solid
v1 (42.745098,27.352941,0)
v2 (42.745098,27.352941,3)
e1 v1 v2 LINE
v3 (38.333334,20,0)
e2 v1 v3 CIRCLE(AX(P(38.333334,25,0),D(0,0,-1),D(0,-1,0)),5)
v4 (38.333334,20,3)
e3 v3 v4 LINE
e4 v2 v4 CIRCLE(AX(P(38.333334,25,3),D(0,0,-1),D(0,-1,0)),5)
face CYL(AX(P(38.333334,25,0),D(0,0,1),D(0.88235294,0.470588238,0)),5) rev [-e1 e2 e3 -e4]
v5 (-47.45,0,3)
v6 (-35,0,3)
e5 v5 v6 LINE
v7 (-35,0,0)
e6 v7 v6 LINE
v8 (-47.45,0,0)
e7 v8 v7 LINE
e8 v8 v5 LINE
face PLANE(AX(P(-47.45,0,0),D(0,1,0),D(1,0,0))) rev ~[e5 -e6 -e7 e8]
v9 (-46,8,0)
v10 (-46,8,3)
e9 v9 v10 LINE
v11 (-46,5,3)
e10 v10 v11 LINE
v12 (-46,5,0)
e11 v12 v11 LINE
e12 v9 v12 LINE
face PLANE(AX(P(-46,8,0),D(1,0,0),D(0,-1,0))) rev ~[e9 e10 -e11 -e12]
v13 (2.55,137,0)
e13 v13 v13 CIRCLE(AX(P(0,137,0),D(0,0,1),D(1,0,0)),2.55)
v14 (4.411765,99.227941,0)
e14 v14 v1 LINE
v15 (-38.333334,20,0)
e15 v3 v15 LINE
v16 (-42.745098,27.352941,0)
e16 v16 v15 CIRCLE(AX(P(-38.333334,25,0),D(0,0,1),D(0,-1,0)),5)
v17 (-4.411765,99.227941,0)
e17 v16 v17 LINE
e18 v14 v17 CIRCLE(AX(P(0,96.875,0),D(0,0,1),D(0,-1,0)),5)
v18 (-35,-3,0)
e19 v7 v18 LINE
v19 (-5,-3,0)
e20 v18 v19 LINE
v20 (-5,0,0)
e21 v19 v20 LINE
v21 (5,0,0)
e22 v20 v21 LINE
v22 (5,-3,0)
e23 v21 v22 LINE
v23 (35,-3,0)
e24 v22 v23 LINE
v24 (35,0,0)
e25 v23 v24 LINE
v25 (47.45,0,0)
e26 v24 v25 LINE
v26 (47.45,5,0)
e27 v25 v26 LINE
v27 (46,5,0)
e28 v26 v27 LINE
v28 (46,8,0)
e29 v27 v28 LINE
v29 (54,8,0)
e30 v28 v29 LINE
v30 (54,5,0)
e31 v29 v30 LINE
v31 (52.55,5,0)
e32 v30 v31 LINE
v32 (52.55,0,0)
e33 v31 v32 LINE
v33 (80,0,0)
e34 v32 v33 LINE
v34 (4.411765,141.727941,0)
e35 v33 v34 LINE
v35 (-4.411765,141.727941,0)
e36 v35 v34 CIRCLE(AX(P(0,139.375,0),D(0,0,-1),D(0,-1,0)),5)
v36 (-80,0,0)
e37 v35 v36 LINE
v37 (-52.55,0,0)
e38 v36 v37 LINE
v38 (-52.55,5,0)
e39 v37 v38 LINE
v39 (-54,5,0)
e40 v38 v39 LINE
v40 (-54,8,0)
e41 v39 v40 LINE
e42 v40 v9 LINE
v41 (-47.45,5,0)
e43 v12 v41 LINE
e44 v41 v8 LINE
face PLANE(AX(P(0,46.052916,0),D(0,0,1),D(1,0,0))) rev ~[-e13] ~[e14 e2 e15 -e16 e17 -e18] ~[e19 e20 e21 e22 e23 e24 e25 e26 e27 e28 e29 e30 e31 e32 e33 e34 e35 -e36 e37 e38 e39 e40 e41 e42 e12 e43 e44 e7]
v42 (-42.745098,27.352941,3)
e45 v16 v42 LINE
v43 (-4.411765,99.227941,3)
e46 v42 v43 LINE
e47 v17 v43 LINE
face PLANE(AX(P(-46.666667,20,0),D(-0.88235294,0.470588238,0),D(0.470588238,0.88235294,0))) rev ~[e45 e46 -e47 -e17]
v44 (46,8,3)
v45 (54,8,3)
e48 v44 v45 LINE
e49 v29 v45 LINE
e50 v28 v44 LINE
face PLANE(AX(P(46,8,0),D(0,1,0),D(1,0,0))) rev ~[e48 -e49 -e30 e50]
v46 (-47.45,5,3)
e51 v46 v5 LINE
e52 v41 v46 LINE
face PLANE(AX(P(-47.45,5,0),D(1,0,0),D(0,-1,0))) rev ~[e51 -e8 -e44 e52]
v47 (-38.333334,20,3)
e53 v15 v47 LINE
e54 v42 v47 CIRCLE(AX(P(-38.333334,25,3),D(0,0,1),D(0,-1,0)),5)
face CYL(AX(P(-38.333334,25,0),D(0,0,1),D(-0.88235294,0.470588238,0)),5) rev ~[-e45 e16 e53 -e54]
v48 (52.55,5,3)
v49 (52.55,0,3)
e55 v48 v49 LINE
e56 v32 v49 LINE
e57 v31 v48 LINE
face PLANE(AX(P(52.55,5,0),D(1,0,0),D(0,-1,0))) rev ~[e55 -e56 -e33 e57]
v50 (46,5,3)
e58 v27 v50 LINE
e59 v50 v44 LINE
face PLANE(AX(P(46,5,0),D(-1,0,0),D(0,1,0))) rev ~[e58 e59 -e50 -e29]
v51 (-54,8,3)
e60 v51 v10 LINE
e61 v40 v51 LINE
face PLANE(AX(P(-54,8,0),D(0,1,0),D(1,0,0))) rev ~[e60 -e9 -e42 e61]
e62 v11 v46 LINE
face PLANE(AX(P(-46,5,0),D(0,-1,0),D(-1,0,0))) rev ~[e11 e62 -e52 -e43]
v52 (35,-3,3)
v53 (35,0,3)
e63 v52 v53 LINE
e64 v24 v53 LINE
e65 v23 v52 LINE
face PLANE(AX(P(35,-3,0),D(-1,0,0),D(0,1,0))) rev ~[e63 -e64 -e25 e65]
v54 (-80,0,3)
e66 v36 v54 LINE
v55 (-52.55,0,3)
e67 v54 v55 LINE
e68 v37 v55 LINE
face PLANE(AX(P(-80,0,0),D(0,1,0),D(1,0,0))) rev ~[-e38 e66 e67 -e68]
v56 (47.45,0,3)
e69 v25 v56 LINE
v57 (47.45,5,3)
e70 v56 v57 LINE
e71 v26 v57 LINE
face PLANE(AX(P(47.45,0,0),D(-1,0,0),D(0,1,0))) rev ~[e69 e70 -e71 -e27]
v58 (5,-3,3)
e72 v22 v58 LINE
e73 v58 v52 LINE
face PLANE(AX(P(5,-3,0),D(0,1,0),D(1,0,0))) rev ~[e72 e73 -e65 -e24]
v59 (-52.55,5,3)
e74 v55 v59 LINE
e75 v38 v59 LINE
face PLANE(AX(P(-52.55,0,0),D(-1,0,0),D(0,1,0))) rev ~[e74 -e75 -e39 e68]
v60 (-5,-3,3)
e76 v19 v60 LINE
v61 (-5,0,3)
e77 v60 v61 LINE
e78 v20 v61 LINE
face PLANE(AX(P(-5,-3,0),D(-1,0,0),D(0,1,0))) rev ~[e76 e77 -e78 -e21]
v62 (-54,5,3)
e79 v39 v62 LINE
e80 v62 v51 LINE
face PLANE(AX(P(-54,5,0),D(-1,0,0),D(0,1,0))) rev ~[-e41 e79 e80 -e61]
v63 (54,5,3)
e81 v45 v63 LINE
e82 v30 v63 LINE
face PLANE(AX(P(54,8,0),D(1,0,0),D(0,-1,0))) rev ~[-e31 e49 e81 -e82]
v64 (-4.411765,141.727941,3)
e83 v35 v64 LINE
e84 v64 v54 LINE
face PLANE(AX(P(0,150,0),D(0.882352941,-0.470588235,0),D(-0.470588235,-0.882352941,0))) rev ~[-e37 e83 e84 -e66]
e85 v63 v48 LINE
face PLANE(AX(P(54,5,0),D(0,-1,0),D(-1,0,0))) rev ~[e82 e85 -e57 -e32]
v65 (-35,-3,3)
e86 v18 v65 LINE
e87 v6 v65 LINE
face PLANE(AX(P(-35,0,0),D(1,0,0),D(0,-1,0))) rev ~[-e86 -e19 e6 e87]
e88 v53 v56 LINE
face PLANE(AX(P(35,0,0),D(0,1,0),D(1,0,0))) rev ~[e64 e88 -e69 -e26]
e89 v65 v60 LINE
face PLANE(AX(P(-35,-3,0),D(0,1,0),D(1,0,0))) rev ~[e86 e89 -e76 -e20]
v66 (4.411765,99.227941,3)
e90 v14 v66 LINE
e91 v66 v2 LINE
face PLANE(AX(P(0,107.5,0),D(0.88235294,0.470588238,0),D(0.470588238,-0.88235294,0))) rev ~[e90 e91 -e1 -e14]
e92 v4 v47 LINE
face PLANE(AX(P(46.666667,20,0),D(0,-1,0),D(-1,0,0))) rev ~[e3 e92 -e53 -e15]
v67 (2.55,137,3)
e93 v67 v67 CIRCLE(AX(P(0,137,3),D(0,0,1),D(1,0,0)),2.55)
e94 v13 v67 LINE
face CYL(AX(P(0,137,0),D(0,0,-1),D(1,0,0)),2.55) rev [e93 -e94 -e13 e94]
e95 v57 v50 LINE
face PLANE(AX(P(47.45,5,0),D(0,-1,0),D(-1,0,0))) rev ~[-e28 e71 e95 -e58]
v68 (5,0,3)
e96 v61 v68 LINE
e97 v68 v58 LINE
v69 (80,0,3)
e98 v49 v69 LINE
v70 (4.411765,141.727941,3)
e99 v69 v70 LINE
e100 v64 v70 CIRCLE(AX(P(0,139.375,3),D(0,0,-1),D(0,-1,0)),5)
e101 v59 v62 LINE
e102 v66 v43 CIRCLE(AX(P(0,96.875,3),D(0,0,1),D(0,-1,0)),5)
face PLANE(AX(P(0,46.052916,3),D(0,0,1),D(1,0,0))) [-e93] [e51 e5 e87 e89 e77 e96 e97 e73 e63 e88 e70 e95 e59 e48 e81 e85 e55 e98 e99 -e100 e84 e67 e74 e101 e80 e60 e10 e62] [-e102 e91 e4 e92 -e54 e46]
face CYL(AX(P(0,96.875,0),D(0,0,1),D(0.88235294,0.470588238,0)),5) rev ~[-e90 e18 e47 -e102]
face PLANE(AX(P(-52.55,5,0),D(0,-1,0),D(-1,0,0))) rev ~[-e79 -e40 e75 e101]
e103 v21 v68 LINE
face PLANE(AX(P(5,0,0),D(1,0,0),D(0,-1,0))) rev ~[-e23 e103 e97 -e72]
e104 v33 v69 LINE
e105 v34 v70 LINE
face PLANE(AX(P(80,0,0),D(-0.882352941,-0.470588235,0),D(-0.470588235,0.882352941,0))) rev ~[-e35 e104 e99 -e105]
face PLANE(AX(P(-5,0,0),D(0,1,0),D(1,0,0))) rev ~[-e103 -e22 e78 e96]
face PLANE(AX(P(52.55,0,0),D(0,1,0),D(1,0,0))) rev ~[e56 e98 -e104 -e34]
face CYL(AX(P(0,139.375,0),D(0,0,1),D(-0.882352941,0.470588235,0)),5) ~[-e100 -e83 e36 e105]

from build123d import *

# Parameters (mm, degrees)
F0_R     = 2.55
F1_DEPTH = 3
F2_R     = 5


with BuildPart() as f1:
    # F0 (on Top) → F1 (new body)
    with BuildSketch(Plane.XY):
        Polygon((0, 150), (-80, 0), (-52.55, 0), (-52.55, 5), (-54, 5), (-54, 8), (-52.55, 8), (-50, 8), (-47.45, 8), (-46, 8), (-46, 5), (-47.45, 5), (-47.45, 0), (-35, 0), (-35, -3), (-5, -3), (-5, 0), (0, 0), (5, 0), (5, -3), (35, -3), (35, 0), (47.45, 0), (47.45, 5), (46, 5), (46, 8), (47.45, 8), (50, 8), (52.55, 8), (54, 8), (54, 5), (52.55, 5), (52.55, 0), (80, 0), align=None)
        Polygon((46.666667, 20), (0, 20), (-46.666667, 20), (0, 107.5), align=None, mode=Mode.SUBTRACT)
        with Locations((0, 137)):
            Circle(F0_R, mode=Mode.SUBTRACT)
    extrude(amount=F1_DEPTH)

    # F2
    f2_edges = [f1.edges().sort_by_distance(p)[0] for p in [
        (0, 150, 1.5),
        (0, 107.5, 1.5),
        (46.666667, 20, 1.5),
        (-46.666667, 20, 1.5),
    ]]
    fillet(f2_edges, radius=F2_R)


solid = f1.part
